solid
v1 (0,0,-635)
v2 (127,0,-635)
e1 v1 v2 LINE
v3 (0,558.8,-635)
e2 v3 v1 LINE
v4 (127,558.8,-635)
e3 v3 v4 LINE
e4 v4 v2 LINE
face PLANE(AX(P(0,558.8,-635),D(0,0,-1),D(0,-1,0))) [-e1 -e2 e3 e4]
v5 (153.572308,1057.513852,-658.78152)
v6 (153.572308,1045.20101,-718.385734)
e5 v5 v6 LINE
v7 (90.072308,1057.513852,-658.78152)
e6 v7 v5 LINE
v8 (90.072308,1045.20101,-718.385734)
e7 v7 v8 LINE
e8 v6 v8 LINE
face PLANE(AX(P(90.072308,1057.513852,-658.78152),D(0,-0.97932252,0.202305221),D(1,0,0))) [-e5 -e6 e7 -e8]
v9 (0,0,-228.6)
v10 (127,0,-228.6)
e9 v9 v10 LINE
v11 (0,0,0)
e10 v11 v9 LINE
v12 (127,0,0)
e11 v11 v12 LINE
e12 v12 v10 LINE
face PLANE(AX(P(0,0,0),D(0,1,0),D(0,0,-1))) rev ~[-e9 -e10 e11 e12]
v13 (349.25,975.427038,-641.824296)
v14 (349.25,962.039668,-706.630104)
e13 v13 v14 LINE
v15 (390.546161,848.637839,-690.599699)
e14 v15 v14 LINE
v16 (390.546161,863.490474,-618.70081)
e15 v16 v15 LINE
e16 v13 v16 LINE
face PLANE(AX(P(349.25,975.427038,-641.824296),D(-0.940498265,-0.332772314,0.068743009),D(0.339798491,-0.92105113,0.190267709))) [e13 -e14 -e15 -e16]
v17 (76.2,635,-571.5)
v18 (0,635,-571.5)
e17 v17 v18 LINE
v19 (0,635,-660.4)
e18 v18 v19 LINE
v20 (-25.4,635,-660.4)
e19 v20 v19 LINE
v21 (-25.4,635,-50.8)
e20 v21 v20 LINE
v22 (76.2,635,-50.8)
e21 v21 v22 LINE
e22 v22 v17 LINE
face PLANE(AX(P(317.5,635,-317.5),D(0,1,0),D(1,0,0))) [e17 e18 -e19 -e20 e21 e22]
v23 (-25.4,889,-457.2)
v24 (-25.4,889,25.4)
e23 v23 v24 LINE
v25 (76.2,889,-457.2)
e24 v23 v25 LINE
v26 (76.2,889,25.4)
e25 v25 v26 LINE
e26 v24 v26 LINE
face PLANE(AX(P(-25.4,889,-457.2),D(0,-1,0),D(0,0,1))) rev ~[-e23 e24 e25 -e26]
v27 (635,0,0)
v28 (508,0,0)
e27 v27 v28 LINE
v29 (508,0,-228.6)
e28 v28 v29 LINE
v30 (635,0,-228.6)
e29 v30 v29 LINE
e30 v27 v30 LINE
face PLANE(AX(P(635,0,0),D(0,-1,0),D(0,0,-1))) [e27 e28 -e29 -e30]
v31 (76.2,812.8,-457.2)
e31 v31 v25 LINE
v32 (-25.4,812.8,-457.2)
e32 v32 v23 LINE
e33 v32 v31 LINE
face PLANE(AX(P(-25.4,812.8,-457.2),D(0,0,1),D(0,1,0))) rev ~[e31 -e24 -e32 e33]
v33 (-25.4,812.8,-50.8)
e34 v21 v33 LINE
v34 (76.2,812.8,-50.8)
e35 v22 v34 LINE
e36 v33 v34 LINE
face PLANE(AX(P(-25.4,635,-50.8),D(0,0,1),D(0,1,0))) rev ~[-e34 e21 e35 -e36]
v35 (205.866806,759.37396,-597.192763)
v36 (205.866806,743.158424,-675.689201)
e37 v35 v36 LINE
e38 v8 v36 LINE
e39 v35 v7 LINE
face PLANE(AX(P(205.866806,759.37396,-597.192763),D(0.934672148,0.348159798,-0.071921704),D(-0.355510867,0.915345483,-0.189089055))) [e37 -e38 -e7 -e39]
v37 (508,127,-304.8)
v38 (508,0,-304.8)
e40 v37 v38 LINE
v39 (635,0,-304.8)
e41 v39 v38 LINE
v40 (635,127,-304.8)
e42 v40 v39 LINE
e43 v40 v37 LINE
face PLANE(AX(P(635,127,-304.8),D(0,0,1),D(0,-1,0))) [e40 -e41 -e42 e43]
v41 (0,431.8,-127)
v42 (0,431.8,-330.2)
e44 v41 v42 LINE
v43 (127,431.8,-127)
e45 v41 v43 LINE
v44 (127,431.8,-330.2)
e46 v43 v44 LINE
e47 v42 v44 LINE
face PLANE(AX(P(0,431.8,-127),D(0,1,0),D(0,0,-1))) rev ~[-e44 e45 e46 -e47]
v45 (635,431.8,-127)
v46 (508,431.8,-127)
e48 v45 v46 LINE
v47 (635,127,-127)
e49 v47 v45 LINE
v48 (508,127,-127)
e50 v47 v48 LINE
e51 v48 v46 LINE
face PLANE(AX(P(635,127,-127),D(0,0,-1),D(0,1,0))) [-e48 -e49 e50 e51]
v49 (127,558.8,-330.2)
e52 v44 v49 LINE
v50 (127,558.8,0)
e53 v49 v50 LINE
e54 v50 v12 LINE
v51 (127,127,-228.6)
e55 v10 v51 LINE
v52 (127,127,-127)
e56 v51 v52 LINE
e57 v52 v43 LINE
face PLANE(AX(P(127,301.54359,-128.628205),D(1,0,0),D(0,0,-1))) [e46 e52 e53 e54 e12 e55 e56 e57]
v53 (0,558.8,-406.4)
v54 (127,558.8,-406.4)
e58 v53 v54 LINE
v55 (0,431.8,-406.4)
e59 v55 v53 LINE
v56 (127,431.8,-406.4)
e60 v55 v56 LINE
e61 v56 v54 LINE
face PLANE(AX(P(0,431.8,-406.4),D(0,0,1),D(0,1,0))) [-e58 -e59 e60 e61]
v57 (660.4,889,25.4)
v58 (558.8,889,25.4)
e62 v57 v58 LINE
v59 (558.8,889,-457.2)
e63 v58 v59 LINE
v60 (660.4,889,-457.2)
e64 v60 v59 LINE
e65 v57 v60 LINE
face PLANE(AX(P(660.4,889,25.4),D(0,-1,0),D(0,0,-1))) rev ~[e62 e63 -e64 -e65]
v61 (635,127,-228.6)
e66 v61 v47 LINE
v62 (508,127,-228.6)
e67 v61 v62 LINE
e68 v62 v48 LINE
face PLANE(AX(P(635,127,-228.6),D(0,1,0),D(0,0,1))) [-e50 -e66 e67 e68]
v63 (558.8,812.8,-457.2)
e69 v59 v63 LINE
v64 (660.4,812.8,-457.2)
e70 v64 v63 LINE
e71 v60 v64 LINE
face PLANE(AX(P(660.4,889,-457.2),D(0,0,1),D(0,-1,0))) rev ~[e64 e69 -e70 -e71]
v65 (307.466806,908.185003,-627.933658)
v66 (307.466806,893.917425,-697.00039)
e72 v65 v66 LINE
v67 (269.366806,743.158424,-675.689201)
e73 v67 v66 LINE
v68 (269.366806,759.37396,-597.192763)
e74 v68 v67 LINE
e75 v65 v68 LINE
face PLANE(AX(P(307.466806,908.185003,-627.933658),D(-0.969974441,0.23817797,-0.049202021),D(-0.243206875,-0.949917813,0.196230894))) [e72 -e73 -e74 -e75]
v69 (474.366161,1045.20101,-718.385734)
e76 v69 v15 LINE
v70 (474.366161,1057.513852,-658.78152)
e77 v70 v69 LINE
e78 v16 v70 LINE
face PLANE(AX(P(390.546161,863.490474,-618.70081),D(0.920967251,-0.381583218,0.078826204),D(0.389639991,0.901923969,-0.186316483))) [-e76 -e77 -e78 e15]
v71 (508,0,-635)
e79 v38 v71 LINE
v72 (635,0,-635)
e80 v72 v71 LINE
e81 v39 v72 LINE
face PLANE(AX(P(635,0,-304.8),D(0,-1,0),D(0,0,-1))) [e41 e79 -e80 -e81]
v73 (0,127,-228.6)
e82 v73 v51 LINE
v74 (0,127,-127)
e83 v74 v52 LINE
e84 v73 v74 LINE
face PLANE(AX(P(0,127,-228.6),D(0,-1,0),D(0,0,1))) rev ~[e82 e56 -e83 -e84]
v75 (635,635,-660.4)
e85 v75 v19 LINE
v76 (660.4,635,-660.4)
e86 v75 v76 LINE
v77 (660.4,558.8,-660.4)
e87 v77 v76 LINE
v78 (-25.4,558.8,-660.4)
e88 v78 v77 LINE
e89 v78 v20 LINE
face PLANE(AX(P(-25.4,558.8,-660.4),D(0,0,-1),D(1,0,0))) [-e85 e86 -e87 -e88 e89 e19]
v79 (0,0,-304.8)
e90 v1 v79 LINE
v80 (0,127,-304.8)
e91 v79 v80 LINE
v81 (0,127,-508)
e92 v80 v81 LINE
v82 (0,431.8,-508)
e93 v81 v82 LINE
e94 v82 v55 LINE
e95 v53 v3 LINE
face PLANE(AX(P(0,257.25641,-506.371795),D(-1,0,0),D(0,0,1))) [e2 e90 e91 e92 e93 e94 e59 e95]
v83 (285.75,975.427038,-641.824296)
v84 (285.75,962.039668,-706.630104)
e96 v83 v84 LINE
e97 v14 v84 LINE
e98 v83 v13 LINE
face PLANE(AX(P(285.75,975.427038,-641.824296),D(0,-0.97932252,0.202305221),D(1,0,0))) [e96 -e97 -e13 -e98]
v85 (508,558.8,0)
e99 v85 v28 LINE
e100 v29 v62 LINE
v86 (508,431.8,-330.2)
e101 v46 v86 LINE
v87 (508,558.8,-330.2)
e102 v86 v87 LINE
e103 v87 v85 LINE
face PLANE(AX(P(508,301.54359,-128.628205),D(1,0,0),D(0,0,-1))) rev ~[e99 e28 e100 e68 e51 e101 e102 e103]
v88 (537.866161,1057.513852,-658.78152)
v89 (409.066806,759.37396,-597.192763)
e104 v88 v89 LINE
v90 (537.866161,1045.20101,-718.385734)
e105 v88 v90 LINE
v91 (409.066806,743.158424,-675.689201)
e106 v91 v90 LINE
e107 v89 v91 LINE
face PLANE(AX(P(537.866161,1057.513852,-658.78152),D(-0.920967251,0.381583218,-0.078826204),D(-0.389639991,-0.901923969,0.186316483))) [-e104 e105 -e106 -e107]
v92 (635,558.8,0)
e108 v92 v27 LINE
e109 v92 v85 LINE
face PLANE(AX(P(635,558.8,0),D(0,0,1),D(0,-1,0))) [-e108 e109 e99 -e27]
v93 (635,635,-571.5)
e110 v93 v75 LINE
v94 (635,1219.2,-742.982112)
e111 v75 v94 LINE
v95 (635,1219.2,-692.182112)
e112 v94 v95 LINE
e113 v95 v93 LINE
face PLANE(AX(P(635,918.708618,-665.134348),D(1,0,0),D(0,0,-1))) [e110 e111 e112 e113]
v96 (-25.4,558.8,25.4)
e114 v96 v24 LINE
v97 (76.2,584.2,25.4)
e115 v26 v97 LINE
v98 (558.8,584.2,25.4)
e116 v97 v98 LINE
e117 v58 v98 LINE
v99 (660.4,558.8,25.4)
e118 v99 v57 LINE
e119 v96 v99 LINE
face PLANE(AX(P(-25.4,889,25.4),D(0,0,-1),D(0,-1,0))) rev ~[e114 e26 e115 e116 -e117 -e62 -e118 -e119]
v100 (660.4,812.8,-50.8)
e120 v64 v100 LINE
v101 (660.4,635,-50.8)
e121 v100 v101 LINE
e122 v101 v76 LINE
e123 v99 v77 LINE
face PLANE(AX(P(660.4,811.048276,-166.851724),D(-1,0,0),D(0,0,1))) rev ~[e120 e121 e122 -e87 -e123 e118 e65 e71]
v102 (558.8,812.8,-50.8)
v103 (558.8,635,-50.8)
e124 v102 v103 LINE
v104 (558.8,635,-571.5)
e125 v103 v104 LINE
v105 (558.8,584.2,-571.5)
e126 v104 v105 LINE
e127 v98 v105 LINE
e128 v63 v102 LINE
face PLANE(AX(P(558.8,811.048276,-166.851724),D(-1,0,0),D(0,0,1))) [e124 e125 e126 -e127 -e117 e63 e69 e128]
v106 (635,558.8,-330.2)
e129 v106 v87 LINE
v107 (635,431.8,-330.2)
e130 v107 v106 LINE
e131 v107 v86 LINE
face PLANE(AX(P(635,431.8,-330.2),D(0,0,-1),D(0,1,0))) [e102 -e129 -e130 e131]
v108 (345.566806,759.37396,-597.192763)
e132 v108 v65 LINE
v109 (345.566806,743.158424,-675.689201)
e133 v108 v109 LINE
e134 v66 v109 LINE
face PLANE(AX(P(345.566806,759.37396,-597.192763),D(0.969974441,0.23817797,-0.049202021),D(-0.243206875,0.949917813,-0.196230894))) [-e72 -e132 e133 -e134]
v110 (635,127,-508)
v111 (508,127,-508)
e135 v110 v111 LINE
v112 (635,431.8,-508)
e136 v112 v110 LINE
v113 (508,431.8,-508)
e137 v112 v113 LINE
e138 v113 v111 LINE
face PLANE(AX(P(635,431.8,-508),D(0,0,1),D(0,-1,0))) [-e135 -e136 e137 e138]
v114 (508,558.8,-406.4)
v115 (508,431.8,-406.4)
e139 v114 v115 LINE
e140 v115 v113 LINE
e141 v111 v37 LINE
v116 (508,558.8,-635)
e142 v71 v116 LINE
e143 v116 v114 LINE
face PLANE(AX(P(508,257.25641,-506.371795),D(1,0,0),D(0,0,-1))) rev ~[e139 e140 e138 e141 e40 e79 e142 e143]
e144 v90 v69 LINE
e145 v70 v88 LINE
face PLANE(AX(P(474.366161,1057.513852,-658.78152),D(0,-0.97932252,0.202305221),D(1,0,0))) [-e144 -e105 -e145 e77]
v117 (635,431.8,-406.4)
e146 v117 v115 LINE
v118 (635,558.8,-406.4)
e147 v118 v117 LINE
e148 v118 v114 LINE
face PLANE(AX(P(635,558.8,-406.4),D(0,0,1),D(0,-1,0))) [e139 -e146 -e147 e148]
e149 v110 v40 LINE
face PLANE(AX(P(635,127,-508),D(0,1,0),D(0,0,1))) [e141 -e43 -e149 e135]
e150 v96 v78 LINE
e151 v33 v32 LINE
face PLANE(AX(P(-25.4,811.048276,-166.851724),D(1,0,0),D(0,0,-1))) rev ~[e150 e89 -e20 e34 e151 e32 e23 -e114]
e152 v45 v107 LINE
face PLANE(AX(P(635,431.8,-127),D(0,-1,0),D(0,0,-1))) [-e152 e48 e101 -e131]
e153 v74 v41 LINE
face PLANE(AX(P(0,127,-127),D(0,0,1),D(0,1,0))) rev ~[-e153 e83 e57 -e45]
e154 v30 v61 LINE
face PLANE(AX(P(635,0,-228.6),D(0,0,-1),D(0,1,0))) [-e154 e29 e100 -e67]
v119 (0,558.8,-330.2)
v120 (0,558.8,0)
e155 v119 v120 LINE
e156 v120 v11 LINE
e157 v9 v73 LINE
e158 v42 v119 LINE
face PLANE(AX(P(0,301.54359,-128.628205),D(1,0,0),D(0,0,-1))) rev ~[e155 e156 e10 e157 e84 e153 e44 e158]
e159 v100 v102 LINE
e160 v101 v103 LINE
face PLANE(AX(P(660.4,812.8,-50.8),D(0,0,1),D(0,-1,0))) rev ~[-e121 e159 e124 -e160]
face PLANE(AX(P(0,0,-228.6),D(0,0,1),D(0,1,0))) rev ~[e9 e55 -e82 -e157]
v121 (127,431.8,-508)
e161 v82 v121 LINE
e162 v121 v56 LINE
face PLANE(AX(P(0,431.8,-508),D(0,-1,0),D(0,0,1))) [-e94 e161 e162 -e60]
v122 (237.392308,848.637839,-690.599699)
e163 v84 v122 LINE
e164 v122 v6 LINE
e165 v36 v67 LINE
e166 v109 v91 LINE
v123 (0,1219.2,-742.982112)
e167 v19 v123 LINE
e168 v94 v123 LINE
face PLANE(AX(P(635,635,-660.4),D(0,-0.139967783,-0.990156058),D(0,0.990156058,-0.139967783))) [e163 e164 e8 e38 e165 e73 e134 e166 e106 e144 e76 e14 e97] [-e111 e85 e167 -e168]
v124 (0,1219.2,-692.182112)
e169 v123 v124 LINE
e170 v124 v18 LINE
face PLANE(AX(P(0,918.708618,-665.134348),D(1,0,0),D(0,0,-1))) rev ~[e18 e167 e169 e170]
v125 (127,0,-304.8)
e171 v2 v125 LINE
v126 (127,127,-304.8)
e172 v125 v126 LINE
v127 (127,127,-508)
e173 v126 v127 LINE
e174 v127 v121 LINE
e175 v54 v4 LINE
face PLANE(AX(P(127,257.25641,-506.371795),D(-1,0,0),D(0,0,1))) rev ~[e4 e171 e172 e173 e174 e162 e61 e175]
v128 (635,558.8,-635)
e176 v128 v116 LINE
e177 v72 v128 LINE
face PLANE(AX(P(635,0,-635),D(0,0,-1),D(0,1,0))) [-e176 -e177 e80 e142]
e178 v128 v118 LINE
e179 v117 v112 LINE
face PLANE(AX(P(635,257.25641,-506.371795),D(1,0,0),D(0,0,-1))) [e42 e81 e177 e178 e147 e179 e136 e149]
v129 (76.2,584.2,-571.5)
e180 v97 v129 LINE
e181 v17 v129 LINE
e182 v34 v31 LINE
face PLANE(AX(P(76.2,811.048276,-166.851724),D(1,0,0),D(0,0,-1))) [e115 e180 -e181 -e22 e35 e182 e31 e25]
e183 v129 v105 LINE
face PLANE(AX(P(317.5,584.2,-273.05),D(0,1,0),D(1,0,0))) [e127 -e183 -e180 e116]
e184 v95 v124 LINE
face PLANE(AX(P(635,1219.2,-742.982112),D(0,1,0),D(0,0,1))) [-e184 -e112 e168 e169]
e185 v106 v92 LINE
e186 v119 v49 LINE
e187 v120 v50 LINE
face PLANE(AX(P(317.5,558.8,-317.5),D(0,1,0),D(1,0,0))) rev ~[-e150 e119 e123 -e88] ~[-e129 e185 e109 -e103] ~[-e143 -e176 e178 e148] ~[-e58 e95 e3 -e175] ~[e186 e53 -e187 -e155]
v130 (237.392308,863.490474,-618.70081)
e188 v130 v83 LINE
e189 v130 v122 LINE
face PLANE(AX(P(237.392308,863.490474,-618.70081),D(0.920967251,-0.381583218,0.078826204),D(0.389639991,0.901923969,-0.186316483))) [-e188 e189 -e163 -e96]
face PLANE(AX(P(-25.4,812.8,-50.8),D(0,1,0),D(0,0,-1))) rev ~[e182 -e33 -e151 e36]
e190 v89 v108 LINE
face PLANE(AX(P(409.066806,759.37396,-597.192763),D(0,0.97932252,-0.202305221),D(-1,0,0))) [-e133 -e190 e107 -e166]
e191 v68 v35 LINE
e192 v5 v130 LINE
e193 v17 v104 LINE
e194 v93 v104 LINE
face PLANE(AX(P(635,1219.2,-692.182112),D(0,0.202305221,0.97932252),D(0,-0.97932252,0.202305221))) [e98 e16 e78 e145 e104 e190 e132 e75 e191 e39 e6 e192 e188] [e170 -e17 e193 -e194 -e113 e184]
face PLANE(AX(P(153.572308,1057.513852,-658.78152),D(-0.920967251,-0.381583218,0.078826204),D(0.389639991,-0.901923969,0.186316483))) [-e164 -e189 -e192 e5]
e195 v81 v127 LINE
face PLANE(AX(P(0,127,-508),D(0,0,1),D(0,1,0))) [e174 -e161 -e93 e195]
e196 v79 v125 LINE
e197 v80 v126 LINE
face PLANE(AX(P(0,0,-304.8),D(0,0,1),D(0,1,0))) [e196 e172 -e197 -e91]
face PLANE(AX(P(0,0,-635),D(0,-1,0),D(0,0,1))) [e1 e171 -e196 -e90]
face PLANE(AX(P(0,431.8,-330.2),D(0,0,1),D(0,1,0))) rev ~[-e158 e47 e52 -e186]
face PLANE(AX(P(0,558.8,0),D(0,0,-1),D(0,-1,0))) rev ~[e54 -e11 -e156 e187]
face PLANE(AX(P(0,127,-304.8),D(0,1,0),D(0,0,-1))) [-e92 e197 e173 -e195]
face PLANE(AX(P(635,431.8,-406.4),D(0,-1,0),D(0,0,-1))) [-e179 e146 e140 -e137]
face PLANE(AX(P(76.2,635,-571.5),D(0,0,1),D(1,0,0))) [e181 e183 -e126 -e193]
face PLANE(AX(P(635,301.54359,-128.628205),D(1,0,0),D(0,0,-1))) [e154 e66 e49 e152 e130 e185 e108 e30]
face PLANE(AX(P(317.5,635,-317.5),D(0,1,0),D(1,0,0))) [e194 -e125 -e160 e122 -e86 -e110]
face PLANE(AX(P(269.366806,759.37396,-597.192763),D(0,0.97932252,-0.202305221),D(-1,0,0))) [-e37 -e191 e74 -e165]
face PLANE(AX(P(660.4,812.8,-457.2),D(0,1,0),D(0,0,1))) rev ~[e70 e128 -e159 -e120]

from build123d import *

# Parameters (mm, degrees)
BOSS_EXTRUDE1_DEPTH   = 127
BOSS_EXTRUDE1_2_DEPTH = 127
BOSS_EXTRUDE7_DEPTH   = 127
BOSS_EXTRUDE7_2_DEPTH = 127
SKETCH10_W            = 685.8
SKETCH10_H            = 685.8
BOSS_EXTRUDE8_DEPTH   = 76.2
SKETCH11_W            = 482.6
SKETCH11_H            = 596.9
CUT_EXTRUDE3_DEPTH    = 50.8
BOSS_EXTRUDE9_DEPTH   = 635
BOSS_EXTRUDE11_DEPTH  = 101.6
BOSS_EXTRUDE12_DEPTH  = 101.6
CUT_EXTRUDE4_DEPTH    = 1531.798988842


with BuildPart() as part:
    # Sketch1 → Boss-Extrude1 (new body)
    with BuildSketch(Plane(origin=(0, 0, 0), x_dir=(0, 0, -1), z_dir=(1, 0, 0))):
        Polygon((0, 0), (228.6, 0), (228.6, 127), (127, 127), (127, 431.8), (330.2, 431.8), (330.2, 558.8), (0, 558.8), align=None)
    extrude(amount=BOSS_EXTRUDE1_DEPTH)



with BuildPart() as body_2:
    # Sketch1 → Boss-Extrude1 2 (new body)
    with BuildSketch(Plane(origin=(0, 0, 0), x_dir=(0, 0, -1), z_dir=(1, 0, 0))):
        Polygon((635, 558.8), (635, 0), (304.8, 0), (304.8, 127), (508, 127), (508, 431.8), (406.4, 431.8), (406.4, 558.8), align=None)
    extrude(amount=BOSS_EXTRUDE1_2_DEPTH)


with BuildPart() as body_3:
    # Sketch9 → Boss-Extrude7 (new body)
    with BuildSketch(Plane(origin=(635, 0, 0), x_dir=(0, 0, -1), z_dir=(1, 0, 0))):
        Polygon((127, 431.8), (330.2, 431.8), (330.2, 558.8), (0, 558.8), (0, 0), (228.6, 0), (228.6, 127), (127, 127), align=None)
    extrude(amount=-BOSS_EXTRUDE7_DEPTH)


with BuildPart() as body_4:
    # Sketch9 → Boss-Extrude7 2 (new body)
    with BuildSketch(Plane(origin=(635, 0, 0), x_dir=(0, 0, -1), z_dir=(1, 0, 0))):
        Polygon((406.4, 558.8), (406.4, 431.8), (508, 431.8), (508, 127), (304.8, 127), (304.8, 0), (635, 0), (635, 558.8), align=None)
    extrude(amount=-BOSS_EXTRUDE7_2_DEPTH)


with BuildPart() as part_1:
    add(part.part)

    add(body_2.part)  # Boss-Extrude8 merges body 2

    add(body_3.part)  # Boss-Extrude8 merges body 3

    add(body_4.part)  # Boss-Extrude8 merges body 4
    # Sketch10 → Boss-Extrude8 (add)
    with BuildSketch(Plane(origin=(0, 558.8, 0), x_dir=(1, 0, 0), z_dir=(0, 1, 0))):
        with Locations((317.5, 317.5)):
            Rectangle(SKETCH10_W, SKETCH10_H)
    extrude(amount=BOSS_EXTRUDE8_DEPTH)

    # Sketch11 → Cut-Extrude3 (cut)
    with BuildSketch(Plane(origin=(0, 635, 0), x_dir=(1, 0, 0), z_dir=(0, 1, 0))):
        with Locations((317.5, 273.05)):
            Rectangle(SKETCH11_W, SKETCH11_H)
    extrude(amount=-CUT_EXTRUDE3_DEPTH, mode=Mode.SUBTRACT)

    # Sketch13 → Boss-Extrude9 (add)
    with BuildSketch(Plane(origin=(635, 0, 0), x_dir=(0, 0, -1), z_dir=(1, 0, 0))):
        Polygon((660.4, 635), (742.98211211, 1219.2), (692.18211211, 1219.2), (571.5, 635), align=None)
    extrude(amount=-BOSS_EXTRUDE9_DEPTH)

    # Sketch15 → Boss-Extrude11 (add)
    with BuildSketch(Plane(origin=(660.4, 0, 0), x_dir=(0, 0, -1), z_dir=(1, 0, 0))):
        Polygon((-25.4, 635), (-25.4, 889), (457.2, 889), (457.2, 812.8), (50.8, 812.8), (50.8, 635), align=None)
    extrude(amount=-BOSS_EXTRUDE11_DEPTH)

    # Sketch16 → Boss-Extrude12 (add)
    with BuildSketch(Plane(origin=(-25.4, 0, 0), x_dir=(0, 0, -1), z_dir=(1, 0, 0))):
        Polygon((50.8, 635), (50.8, 812.8), (457.2, 812.8), (457.2, 889), (-25.4, 889), (-25.4, 635), align=None)
    extrude(amount=BOSS_EXTRUDE12_DEPTH)

    # Sketch17 → Cut-Extrude4 (cut, through all)
    with BuildSketch(Plane(origin=(0, -87.23785604, -422.302482176), x_dir=(1, 0, 0), z_dir=(0, 0.20230522100715992, 0.9793225196804392))):
        Polygon((90.072307692, 1168.922071162), (153.572307692, 1168.922071162), (237.392307692, 970.802071162), (285.75, 1085.102071162), (349.25, 1085.102071162), (390.546160735, 970.802071162), (474.366160735, 1168.922071162), (537.866160735, 1168.922071162), (409.066806467, 864.487233803), (345.566806467, 864.487233803), (307.466806467, 1016.440282577), (269.366806467, 864.487233803), (205.866806467, 864.487233803), align=None)
    extrude(amount=-CUT_EXTRUDE4_DEPTH, mode=Mode.SUBTRACT)


solid = part_1.part
